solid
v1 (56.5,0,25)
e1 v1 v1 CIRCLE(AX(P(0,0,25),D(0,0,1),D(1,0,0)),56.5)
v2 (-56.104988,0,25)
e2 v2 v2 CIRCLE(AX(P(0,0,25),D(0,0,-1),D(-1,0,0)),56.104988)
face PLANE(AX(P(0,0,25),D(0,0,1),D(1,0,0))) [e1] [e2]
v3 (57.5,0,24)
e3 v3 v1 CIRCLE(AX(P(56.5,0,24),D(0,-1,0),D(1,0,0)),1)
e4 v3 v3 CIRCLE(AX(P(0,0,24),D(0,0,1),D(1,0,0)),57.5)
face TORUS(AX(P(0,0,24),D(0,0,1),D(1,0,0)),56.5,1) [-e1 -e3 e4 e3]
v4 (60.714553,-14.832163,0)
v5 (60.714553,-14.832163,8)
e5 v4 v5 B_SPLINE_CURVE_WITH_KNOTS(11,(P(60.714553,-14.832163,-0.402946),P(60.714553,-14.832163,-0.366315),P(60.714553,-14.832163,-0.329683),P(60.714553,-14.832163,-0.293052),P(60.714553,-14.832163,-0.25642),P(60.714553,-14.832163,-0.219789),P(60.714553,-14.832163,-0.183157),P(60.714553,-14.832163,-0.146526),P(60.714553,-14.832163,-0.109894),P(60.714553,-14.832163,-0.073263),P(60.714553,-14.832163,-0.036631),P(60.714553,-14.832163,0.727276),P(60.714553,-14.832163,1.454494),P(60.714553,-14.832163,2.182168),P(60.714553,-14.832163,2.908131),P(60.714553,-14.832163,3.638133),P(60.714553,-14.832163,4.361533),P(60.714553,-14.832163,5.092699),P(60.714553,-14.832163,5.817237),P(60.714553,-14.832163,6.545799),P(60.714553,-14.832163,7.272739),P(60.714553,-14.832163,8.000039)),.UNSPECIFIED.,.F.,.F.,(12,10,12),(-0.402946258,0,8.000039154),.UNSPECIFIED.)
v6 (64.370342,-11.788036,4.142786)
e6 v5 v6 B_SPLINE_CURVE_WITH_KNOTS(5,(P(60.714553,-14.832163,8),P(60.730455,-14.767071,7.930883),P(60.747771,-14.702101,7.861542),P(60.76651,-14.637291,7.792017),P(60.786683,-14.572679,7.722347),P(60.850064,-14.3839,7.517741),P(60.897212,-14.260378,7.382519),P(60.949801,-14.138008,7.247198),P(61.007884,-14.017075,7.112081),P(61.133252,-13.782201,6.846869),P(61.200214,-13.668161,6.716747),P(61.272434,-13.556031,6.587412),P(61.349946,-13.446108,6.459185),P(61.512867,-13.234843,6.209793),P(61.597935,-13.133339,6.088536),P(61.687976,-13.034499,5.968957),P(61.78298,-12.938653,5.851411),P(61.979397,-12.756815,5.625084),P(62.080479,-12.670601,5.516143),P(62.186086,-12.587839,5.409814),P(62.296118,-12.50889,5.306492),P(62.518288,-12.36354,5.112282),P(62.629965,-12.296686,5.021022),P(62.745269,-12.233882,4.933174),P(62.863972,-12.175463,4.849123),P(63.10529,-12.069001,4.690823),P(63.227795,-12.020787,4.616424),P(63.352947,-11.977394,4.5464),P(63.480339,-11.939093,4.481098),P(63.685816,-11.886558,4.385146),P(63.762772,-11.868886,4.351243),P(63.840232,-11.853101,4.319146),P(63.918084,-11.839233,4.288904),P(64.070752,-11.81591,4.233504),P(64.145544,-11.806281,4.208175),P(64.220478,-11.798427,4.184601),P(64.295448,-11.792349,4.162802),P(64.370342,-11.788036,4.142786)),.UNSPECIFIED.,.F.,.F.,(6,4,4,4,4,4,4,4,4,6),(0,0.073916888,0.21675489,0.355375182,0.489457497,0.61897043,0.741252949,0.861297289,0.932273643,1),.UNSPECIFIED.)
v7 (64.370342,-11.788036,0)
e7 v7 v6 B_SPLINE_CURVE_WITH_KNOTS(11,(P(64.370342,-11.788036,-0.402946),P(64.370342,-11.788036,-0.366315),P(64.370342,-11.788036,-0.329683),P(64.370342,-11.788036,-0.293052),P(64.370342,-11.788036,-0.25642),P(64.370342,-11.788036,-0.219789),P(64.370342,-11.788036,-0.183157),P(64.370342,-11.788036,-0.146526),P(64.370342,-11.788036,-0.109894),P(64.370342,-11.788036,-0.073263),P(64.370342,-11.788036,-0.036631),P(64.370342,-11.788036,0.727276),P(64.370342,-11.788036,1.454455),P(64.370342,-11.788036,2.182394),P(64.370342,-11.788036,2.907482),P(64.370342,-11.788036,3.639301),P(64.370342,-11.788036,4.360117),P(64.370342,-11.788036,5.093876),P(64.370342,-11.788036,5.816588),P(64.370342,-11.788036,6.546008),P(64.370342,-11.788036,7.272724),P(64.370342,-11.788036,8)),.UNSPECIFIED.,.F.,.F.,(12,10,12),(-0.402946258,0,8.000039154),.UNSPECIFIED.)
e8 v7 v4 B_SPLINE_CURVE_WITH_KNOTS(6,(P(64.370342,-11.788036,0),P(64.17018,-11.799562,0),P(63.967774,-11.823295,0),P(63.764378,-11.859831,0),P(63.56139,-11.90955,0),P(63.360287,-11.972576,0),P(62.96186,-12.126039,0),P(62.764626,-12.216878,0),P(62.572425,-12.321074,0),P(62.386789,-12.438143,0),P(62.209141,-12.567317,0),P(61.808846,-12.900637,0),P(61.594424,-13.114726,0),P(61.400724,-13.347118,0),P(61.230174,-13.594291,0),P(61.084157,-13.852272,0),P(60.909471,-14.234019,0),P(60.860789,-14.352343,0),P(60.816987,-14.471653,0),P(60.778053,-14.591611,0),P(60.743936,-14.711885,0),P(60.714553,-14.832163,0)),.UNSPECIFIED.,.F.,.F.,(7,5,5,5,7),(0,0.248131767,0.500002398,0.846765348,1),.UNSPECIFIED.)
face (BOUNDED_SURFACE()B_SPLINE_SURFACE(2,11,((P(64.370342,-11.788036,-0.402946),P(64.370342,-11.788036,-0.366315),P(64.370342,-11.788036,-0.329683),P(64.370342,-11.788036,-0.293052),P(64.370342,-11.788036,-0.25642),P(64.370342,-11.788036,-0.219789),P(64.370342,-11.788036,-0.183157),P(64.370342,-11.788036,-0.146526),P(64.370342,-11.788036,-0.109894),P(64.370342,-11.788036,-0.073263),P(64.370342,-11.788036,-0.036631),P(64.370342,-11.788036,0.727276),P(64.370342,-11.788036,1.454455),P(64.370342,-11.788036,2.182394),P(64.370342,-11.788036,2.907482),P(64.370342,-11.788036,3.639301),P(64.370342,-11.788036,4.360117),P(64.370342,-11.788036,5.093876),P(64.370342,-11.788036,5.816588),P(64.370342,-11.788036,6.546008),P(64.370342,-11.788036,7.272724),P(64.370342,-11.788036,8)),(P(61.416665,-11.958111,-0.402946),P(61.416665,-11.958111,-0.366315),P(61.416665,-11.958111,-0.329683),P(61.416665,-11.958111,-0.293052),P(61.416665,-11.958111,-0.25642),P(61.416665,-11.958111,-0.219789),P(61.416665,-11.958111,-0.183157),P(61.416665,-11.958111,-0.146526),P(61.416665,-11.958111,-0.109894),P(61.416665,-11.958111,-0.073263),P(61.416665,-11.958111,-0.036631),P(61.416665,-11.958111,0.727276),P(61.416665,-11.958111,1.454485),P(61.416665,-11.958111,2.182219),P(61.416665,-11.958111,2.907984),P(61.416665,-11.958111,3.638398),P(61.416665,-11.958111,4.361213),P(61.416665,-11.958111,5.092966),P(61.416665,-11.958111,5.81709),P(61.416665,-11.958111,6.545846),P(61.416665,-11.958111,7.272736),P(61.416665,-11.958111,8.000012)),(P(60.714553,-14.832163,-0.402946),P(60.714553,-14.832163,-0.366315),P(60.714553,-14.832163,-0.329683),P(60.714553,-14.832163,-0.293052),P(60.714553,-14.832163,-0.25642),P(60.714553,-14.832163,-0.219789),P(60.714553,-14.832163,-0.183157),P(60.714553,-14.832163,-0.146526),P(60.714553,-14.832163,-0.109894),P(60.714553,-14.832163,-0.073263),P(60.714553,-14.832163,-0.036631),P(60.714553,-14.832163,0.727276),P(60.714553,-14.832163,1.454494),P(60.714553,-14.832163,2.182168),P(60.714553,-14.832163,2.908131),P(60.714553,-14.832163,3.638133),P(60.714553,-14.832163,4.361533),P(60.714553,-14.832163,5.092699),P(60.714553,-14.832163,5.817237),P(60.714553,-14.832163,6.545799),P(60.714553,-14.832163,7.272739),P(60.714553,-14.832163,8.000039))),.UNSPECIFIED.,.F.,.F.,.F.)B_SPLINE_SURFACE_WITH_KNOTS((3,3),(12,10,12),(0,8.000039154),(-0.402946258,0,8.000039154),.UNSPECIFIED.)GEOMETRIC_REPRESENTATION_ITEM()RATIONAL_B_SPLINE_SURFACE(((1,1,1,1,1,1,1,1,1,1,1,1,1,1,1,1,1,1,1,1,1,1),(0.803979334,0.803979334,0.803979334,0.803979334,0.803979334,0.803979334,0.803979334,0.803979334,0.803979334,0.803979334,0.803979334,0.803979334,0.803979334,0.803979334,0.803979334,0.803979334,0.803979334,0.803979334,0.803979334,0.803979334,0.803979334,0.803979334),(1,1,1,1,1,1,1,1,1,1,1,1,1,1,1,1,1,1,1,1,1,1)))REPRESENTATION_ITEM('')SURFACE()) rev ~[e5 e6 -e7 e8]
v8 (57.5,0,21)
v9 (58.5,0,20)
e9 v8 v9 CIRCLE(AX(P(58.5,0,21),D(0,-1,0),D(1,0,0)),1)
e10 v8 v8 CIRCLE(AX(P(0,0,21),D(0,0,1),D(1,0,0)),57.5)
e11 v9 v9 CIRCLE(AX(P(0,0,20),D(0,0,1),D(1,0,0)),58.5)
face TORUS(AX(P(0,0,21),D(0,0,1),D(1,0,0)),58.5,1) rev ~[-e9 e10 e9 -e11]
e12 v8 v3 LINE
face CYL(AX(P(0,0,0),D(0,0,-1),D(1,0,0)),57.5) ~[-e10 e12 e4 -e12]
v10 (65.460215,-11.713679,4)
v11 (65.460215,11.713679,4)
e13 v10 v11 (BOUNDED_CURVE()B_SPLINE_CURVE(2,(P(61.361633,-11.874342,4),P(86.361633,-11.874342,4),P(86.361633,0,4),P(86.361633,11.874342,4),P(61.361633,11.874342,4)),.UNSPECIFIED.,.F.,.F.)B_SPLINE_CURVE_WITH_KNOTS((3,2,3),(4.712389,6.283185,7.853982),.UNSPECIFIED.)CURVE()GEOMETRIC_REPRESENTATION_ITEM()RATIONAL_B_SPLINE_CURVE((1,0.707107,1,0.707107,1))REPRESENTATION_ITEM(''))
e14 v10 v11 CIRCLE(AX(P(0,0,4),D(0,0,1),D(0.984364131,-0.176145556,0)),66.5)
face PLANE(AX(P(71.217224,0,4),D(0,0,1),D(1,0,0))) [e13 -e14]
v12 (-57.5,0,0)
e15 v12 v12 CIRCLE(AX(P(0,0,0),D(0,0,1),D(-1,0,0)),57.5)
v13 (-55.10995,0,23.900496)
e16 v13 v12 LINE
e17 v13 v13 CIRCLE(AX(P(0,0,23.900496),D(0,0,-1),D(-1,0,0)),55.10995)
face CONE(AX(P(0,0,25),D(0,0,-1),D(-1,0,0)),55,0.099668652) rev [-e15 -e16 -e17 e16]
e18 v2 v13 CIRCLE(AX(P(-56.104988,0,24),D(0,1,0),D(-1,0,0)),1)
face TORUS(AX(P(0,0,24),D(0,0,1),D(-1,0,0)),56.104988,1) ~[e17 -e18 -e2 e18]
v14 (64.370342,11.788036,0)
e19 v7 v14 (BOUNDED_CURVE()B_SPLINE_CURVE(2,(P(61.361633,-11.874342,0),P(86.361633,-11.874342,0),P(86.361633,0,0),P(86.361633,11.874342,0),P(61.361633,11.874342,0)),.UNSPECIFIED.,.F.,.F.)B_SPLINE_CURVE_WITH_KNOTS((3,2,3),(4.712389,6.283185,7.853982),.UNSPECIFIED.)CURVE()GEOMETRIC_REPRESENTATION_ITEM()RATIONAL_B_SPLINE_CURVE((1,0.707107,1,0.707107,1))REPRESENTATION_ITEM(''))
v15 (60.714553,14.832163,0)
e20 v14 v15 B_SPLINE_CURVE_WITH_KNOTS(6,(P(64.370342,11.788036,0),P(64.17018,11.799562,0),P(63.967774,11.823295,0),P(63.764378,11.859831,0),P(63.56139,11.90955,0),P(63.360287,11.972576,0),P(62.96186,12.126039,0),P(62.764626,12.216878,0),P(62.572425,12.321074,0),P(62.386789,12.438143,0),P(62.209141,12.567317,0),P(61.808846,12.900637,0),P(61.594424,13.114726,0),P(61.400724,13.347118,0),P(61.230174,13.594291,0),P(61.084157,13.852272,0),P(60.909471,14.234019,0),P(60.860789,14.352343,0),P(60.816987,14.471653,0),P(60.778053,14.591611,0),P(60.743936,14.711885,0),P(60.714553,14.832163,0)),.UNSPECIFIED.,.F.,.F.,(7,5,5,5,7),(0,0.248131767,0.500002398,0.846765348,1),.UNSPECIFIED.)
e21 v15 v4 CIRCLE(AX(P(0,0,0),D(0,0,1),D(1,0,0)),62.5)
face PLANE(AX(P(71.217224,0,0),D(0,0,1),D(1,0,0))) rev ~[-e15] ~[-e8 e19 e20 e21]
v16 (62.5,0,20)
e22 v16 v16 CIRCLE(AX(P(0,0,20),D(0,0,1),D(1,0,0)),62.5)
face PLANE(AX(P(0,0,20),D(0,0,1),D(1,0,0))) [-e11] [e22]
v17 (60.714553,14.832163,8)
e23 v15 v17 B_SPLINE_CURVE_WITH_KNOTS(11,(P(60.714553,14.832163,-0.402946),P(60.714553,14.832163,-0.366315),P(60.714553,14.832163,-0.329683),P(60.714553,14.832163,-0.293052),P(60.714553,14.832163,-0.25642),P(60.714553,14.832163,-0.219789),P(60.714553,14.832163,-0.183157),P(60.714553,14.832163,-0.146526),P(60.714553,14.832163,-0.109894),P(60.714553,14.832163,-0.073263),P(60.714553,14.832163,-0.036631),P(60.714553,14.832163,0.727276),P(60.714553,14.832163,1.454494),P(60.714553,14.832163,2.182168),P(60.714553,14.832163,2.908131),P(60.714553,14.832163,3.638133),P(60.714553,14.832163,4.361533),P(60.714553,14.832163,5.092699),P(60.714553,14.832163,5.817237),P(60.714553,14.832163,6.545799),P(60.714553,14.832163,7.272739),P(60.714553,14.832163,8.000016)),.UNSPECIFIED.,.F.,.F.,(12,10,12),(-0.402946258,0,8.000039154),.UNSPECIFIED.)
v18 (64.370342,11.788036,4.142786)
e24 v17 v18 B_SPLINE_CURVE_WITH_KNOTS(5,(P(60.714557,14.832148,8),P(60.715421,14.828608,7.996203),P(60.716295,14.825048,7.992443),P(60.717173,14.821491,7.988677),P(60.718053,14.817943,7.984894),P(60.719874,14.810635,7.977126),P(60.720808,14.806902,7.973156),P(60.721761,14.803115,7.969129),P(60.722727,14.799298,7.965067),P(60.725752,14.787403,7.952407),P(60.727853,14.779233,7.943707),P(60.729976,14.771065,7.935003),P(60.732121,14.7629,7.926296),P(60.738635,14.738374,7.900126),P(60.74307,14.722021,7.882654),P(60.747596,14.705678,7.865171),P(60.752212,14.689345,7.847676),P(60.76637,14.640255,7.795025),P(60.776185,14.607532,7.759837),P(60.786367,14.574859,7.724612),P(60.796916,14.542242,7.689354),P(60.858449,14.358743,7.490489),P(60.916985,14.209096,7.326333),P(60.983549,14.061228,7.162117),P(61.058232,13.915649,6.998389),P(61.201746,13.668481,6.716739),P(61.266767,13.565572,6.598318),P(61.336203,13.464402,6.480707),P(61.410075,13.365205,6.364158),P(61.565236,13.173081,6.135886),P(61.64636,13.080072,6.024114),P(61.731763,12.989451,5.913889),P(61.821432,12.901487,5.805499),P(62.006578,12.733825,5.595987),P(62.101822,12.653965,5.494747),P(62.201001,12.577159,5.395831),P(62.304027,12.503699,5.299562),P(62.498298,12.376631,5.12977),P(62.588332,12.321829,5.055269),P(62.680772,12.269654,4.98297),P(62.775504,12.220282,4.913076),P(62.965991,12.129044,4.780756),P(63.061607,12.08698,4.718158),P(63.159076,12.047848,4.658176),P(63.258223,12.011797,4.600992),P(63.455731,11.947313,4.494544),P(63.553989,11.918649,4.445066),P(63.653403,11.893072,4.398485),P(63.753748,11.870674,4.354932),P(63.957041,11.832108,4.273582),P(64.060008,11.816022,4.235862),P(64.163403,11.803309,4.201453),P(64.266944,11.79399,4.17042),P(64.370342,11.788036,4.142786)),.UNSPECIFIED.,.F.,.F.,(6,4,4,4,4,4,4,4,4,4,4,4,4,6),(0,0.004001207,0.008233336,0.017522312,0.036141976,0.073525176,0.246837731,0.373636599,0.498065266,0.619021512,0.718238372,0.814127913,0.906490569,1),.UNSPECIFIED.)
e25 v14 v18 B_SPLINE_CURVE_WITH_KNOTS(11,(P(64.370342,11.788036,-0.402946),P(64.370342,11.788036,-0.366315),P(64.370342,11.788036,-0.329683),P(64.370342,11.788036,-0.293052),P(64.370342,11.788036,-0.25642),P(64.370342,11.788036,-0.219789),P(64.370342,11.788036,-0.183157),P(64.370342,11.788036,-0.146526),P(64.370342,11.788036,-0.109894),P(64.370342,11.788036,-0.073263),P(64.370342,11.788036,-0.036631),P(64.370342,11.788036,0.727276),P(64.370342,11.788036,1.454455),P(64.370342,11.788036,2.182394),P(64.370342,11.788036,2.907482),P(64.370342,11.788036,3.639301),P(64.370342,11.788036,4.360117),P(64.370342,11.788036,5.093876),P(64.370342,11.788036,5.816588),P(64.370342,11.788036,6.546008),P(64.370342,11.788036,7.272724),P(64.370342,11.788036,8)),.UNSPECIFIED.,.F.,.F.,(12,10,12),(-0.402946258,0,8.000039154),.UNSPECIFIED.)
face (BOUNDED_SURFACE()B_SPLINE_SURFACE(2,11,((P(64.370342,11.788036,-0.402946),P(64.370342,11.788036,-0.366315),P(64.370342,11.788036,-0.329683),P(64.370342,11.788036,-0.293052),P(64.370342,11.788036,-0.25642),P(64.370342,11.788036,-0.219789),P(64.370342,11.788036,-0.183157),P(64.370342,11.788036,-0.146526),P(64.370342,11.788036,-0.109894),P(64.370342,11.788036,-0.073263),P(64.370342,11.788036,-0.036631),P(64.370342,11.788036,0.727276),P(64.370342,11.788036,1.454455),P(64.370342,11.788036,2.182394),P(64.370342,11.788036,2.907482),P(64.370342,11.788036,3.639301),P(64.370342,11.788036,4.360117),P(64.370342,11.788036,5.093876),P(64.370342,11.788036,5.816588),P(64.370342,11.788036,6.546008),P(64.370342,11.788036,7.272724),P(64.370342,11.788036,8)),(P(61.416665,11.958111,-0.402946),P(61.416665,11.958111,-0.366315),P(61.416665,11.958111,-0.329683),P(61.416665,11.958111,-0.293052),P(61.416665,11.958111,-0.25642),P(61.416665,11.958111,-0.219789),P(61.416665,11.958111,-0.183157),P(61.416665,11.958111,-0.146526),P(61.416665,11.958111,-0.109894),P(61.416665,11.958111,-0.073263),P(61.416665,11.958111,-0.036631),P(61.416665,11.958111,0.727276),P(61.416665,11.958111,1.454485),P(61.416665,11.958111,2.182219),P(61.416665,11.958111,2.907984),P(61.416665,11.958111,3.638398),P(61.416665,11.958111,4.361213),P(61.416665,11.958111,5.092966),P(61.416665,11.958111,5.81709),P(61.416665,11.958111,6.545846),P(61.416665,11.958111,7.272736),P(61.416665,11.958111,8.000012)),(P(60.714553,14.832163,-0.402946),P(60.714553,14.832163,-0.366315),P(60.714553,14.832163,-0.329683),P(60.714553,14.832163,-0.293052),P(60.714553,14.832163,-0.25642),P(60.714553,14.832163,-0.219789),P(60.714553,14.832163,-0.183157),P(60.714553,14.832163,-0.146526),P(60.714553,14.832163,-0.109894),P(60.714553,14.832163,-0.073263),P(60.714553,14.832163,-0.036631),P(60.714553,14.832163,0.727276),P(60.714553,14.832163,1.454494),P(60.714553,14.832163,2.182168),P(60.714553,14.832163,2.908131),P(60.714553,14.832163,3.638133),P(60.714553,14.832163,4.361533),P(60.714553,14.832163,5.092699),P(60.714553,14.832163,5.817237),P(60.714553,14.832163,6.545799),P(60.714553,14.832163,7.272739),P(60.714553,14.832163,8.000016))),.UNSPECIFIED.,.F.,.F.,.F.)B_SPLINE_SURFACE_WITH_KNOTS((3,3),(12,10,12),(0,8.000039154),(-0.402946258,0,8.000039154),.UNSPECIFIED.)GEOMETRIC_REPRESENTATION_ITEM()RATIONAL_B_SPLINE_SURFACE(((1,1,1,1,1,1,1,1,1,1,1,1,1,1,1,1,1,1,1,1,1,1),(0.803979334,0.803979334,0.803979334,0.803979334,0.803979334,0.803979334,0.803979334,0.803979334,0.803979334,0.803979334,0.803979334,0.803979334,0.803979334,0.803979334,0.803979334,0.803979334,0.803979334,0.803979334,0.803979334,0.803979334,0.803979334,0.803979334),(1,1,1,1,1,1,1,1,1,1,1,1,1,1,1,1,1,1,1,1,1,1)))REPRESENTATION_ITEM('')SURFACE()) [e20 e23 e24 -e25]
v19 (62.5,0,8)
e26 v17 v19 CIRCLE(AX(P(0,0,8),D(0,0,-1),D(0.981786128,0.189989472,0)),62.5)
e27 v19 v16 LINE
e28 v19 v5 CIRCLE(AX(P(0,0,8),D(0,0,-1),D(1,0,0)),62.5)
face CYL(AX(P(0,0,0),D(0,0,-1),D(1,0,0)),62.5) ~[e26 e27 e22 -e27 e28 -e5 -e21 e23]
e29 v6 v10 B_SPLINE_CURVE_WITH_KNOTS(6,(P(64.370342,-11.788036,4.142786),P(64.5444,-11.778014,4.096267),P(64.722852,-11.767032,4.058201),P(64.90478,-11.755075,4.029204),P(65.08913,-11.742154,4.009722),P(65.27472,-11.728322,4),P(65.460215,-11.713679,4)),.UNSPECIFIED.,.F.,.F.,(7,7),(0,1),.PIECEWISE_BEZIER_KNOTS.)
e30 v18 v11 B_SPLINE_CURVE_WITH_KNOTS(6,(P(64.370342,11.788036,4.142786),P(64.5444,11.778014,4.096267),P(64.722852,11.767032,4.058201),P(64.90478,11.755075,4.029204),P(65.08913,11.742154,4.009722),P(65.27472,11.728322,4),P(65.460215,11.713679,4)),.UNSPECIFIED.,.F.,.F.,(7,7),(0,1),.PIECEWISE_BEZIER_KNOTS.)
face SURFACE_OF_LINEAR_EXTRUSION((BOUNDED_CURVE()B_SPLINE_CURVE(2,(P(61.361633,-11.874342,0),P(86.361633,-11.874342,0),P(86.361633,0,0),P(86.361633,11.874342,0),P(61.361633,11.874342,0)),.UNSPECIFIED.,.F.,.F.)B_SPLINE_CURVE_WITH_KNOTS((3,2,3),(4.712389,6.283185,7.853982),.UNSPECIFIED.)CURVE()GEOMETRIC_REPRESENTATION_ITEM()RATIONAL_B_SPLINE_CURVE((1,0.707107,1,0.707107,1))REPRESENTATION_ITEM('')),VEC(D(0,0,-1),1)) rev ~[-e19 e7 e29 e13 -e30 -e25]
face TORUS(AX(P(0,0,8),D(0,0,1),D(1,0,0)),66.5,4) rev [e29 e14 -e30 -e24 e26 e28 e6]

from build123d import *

# Parameters (mm, degrees)
SKETCH_R        = 62.5
PAD_DEPTH       = 20
SKETCH001_R     = 57.5
POCKET_DEPTH    = 20.001
SKETCH002_R     = 57.5
PAD001_DEPTH    = 25
SKETCH003_R     = 55
POCKET001_DEPTH = 25.001
FILLET_R        = 1
PAD002_DEPTH    = 4
FILLET001_R     = 4


with BuildPart() as part:
    # Sketch → Pad (new body)
    with BuildSketch(Plane.XY):
        Circle(SKETCH_R)
    extrude(amount=PAD_DEPTH)

    # Sketch001 (on Face3 of Pad) → Pocket (cut, through all)
    with BuildSketch(Plane.XY.offset(20)):
        Circle(SKETCH001_R)
    extrude(amount=-POCKET_DEPTH, mode=Mode.SUBTRACT)

    # Sketch002 → Pad001 (join)
    with BuildSketch(Plane.XY):
        Circle(SKETCH002_R)
    extrude(amount=PAD001_DEPTH)

    # Sketch003 (on Face6 of Pad001) → Pocket001 (cut, through all)
    with BuildSketch(Plane.XY.offset(25)):
        Circle(SKETCH003_R)
    extrude(amount=-POCKET001_DEPTH, mode=Mode.SUBTRACT)

    # Sketch004 → Groove (revolve, cut)
    with BuildSketch(Plane.XZ):
        Polygon((-57.5, 0), (-55, 0), (-55, 25), align=None)
    revolve(axis=Axis((0, 0, 0), (0, 0, 1)), mode=Mode.SUBTRACT)

    # Fillet
    fillet_edges = [part.edges().sort_by_distance(p)[0] for p in [
        (-57.5, 0, 25),
        (0, 55, 25),
        (0, -55, 25),
        (-57.5, 0, 20),
        (57.5, 0, 22.5),
    ]]
    fillet(fillet_edges, radius=FILLET_R)

    # Sketch005 → Pad002 (join)
    with BuildSketch(Plane.XY):
        with BuildLine():
            add(Edge.make_bspline(
                [(61.361633, -11.874342), (86.361633, -11.874342), (86.361633, 0), (86.361633, 11.874342), (61.361633, 11.874342)],
                knots=[4.712389, 4.712389, 4.712389, 6.283185, 6.283185, 7.853982, 7.853982, 7.853982], degree=2, weights=[1, 0.707107, 1, 0.707107, 1]))
            ThreePointArc((61.361633, 11.874342), (62.5, 0), (61.361633, -11.874342))
        make_face()
    extrude(amount=PAD002_DEPTH)

    # Fillet001
    fillet001_edges = [part.edges().sort_by_distance(p)[0] for p in [
        (61.361633, -11.874342, 2),
        (62.214757, -5.964392, 4),
        (62.214757, 5.964392, 4),
        (61.361633, 11.874342, 2),
    ]]
    fillet(fillet001_edges, radius=FILLET001_R)


solid = part.part
